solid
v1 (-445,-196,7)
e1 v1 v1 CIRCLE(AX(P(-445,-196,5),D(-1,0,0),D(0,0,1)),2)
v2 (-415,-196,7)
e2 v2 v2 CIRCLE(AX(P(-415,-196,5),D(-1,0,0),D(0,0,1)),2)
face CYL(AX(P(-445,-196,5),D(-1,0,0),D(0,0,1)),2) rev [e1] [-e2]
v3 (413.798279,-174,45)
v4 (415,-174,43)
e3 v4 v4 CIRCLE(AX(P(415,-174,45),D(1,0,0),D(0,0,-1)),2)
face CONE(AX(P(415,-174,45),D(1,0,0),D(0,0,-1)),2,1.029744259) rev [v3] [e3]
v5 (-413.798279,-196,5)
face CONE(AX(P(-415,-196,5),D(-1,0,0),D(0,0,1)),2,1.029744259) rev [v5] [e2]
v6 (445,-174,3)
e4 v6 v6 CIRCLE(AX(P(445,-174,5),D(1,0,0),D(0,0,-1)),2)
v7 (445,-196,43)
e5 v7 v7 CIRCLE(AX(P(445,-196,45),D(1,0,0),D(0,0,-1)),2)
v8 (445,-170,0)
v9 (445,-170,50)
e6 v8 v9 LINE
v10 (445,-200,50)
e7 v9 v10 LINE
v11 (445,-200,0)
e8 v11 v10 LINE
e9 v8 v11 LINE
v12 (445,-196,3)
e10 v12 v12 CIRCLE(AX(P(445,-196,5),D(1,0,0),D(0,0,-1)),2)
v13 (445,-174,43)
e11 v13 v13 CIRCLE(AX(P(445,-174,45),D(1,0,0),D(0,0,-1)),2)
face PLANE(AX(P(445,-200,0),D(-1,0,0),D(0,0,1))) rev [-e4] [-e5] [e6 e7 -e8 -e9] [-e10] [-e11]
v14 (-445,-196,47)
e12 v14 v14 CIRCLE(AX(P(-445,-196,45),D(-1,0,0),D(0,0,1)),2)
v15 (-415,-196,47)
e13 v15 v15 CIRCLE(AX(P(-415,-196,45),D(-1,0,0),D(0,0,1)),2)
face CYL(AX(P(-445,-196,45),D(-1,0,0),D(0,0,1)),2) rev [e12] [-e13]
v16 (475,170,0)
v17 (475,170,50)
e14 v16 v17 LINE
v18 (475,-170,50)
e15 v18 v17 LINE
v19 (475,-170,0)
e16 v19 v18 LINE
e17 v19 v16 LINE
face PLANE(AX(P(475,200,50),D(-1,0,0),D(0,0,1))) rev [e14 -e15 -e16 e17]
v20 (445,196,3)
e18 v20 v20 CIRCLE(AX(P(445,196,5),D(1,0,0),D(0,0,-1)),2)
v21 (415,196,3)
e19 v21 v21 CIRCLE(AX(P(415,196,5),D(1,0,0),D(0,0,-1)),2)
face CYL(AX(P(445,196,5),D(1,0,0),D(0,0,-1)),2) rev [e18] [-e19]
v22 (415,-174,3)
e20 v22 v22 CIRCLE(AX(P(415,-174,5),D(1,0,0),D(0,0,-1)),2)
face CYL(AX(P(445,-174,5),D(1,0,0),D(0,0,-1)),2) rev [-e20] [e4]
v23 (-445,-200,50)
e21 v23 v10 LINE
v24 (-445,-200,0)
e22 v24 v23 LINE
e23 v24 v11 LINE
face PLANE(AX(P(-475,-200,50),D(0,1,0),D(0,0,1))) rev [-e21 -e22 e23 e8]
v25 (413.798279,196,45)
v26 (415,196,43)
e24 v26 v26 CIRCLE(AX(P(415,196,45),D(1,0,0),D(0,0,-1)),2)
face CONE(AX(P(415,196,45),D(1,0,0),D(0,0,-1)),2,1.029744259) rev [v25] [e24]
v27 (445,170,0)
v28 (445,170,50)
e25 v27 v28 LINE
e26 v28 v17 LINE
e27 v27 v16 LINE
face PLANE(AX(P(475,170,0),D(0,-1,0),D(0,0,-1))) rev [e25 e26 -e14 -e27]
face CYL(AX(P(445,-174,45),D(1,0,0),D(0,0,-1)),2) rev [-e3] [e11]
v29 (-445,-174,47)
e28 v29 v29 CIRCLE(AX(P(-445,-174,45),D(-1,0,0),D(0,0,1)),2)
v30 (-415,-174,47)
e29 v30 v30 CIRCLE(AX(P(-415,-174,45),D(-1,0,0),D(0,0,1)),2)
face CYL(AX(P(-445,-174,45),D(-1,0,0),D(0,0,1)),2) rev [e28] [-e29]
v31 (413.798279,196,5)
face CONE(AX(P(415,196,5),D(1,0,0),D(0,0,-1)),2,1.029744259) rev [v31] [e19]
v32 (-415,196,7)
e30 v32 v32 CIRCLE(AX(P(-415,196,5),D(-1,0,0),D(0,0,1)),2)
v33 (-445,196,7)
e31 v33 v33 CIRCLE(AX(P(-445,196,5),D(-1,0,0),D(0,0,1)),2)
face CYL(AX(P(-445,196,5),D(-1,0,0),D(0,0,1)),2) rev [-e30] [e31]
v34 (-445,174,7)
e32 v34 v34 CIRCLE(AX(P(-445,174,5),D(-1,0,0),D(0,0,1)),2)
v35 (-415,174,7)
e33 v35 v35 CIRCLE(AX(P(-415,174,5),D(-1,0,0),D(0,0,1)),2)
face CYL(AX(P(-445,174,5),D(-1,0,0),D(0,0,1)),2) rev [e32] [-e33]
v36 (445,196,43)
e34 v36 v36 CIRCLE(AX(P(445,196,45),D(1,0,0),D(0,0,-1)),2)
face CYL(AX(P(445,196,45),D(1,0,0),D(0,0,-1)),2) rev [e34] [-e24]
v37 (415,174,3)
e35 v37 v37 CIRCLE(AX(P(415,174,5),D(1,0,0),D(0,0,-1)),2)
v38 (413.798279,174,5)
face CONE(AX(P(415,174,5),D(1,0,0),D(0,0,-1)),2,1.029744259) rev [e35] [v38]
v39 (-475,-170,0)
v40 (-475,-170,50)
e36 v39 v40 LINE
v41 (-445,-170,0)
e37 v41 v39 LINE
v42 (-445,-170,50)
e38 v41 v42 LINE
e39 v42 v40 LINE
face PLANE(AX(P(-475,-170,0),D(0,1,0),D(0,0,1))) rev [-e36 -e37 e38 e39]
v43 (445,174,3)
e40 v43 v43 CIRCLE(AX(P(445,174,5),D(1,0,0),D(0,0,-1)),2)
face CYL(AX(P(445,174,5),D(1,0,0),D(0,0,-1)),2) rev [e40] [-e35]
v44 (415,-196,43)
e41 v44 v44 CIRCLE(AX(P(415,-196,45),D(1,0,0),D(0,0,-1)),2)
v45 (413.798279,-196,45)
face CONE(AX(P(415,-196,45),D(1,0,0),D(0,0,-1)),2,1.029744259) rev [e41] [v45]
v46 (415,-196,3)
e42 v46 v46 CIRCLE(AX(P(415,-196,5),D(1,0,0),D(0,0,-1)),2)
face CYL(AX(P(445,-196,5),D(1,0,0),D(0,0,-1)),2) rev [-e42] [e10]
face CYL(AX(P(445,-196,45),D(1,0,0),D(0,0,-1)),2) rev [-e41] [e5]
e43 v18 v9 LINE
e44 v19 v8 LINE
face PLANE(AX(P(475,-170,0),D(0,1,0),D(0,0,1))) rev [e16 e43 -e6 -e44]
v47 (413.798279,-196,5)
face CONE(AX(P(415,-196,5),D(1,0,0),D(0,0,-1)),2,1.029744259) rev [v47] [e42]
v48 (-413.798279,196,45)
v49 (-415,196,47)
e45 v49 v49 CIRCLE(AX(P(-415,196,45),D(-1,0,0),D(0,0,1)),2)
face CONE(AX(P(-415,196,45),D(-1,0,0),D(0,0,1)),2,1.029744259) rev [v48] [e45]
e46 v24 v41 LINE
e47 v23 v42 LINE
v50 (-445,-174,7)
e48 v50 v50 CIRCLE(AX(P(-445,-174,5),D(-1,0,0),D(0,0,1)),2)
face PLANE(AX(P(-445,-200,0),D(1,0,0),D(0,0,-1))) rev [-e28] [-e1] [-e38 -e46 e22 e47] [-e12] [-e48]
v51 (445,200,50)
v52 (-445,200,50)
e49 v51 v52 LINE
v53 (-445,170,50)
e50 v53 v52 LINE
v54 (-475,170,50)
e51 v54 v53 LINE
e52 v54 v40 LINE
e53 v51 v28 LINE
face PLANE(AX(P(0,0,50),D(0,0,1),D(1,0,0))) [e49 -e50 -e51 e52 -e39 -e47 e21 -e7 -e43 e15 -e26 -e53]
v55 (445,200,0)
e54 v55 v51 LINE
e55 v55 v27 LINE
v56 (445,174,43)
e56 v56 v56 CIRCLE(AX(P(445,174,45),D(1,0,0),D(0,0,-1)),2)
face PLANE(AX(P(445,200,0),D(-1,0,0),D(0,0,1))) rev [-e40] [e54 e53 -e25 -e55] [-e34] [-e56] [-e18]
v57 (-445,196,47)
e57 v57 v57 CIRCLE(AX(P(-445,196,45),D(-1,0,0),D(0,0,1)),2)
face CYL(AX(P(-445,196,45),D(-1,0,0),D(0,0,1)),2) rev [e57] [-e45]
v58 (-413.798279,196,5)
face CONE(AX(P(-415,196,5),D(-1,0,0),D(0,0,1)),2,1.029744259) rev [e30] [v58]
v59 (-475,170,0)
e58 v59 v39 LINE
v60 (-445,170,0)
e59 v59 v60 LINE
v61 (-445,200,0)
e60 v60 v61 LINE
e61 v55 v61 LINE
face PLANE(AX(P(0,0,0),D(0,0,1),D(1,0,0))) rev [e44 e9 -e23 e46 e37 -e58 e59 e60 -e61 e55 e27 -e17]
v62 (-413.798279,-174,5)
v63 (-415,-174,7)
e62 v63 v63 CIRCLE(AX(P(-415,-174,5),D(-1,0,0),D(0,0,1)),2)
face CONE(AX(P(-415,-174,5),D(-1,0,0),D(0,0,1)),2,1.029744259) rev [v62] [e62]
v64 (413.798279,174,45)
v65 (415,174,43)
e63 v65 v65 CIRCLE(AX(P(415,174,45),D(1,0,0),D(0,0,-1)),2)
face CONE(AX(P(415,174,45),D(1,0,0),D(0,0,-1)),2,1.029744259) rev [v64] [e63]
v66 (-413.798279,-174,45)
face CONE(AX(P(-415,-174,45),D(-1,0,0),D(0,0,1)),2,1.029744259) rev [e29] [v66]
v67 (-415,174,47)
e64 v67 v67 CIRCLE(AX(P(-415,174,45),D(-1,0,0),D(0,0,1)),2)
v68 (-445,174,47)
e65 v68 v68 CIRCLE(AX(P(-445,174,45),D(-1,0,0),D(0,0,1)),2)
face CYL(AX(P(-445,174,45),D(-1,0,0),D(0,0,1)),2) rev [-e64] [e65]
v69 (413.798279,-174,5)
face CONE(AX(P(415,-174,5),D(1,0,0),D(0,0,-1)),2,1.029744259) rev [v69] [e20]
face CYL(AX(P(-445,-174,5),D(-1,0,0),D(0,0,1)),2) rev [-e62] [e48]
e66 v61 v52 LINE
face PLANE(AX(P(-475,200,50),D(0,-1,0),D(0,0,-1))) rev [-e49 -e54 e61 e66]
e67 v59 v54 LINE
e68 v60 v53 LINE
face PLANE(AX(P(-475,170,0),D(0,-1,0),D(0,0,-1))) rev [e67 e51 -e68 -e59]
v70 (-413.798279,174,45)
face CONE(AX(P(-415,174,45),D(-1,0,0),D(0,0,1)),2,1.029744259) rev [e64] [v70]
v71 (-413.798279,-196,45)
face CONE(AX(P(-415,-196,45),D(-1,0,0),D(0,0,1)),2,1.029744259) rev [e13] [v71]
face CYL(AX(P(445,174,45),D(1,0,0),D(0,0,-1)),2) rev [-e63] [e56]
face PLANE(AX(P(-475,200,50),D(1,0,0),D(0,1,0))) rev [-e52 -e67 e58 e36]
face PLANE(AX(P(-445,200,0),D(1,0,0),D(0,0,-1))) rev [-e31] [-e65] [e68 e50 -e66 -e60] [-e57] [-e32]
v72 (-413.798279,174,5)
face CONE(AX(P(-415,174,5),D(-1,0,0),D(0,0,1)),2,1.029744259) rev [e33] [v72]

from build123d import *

# Parameters (mm, degrees)
SKETCH1_W                 = 950
SKETCH1_H                 = 400
BOSS_EXTRUDE1_DEPTH       = 50
SKETCH2_W                 = 30
SKETCH2_H                 = 30
CUT_EXTRUDE1_DEPTH        = 518.80787943
F_4_0MM_DOWEL_HOLE1_D     = 4
F_4_0MM_DOWEL_HOLE1_DEPTH = 30
F_4_0MM_DOWEL_HOLE1_TIP   = 1.201721238
F_4_0MM_DOWEL_HOLE2_D     = 4
F_4_0MM_DOWEL_HOLE2_DEPTH = 30
F_4_0MM_DOWEL_HOLE2_TIP   = 1.201721238
F_4_0MM_DOWEL_HOLE3_D     = 4
F_4_0MM_DOWEL_HOLE3_DEPTH = 30
F_4_0MM_DOWEL_HOLE3_TIP   = 1.201721238
F_4_0MM_DOWEL_HOLE4_D     = 4
F_4_0MM_DOWEL_HOLE4_DEPTH = 30
F_4_0MM_DOWEL_HOLE4_TIP   = 1.201721238


with BuildPart() as part:
    # Sketch1 → Boss-Extrude1 (new body)
    with BuildSketch(Plane.XY):
        Rectangle(SKETCH1_W, SKETCH1_H)
    extrude(amount=BOSS_EXTRUDE1_DEPTH)

    # Sketch2 → Cut-Extrude1 (cut, through all)
    with BuildSketch(Plane.XY.offset(50)):
        with Locations((-460, 185)):
            Rectangle(SKETCH2_W, SKETCH2_H)
        with Locations((-460, -185)):
            Rectangle(SKETCH2_W, SKETCH2_H)
        with Locations((460, -185)):
            Rectangle(SKETCH2_W, SKETCH2_H)
        with Locations((460, 185)):
            Rectangle(SKETCH2_W, SKETCH2_H)
    extrude(amount=-CUT_EXTRUDE1_DEPTH, mode=Mode.SUBTRACT)

    # Ø4.0mm Dowel Hole1
    with Locations(Plane(origin=(445, -196, 45), x_dir=(0, 0, 1), z_dir=(1, 0, 0))):
        with Locations((0, 0), (0, -22), (-40, 0), (-40, -22)):
            Hole(F_4_0MM_DOWEL_HOLE1_D / 2, depth=F_4_0MM_DOWEL_HOLE1_DEPTH)
            with Locations((0, 0, -(F_4_0MM_DOWEL_HOLE1_DEPTH + F_4_0MM_DOWEL_HOLE1_TIP / 2))):  # 118° drill point
                Cone(0, F_4_0MM_DOWEL_HOLE1_D / 2, F_4_0MM_DOWEL_HOLE1_TIP, mode=Mode.SUBTRACT)

    # Ø4.0mm Dowel Hole2
    with Locations(Plane(origin=(-445, -174, 5), x_dir=(0, 0, -1), z_dir=(-1, 0, 0))):
        with Locations((0, 0), (-40, 0), (-40, 22), (0, 22)):
            Hole(F_4_0MM_DOWEL_HOLE2_D / 2, depth=F_4_0MM_DOWEL_HOLE2_DEPTH)
            with Locations((0, 0, -(F_4_0MM_DOWEL_HOLE2_DEPTH + F_4_0MM_DOWEL_HOLE2_TIP / 2))):  # 118° drill point
                Cone(0, F_4_0MM_DOWEL_HOLE2_D / 2, F_4_0MM_DOWEL_HOLE2_TIP, mode=Mode.SUBTRACT)

    # Ø4.0mm Dowel Hole3
    with Locations(Plane(origin=(-445, 174, 45), x_dir=(0, 0, -1), z_dir=(-1, 0, 0))):
        with Locations((0, 0), (0, -22), (40, -22), (40, 0)):
            Hole(F_4_0MM_DOWEL_HOLE3_D / 2, depth=F_4_0MM_DOWEL_HOLE3_DEPTH)
            with Locations((0, 0, -(F_4_0MM_DOWEL_HOLE3_DEPTH + F_4_0MM_DOWEL_HOLE3_TIP / 2))):  # 118° drill point
                Cone(0, F_4_0MM_DOWEL_HOLE3_D / 2, F_4_0MM_DOWEL_HOLE3_TIP, mode=Mode.SUBTRACT)

    # Ø4.0mm Dowel Hole4
    with Locations(Plane(origin=(445, 174, 45), x_dir=(0, 0, 1), z_dir=(1, 0, 0))):
        with Locations((0, 0), (0, -22), (-40, 0), (-40, -22)):
            Hole(F_4_0MM_DOWEL_HOLE4_D / 2, depth=F_4_0MM_DOWEL_HOLE4_DEPTH)
            with Locations((0, 0, -(F_4_0MM_DOWEL_HOLE4_DEPTH + F_4_0MM_DOWEL_HOLE4_TIP / 2))):  # 118° drill point
                Cone(0, F_4_0MM_DOWEL_HOLE4_D / 2, F_4_0MM_DOWEL_HOLE4_TIP, mode=Mode.SUBTRACT)


solid = part.part
